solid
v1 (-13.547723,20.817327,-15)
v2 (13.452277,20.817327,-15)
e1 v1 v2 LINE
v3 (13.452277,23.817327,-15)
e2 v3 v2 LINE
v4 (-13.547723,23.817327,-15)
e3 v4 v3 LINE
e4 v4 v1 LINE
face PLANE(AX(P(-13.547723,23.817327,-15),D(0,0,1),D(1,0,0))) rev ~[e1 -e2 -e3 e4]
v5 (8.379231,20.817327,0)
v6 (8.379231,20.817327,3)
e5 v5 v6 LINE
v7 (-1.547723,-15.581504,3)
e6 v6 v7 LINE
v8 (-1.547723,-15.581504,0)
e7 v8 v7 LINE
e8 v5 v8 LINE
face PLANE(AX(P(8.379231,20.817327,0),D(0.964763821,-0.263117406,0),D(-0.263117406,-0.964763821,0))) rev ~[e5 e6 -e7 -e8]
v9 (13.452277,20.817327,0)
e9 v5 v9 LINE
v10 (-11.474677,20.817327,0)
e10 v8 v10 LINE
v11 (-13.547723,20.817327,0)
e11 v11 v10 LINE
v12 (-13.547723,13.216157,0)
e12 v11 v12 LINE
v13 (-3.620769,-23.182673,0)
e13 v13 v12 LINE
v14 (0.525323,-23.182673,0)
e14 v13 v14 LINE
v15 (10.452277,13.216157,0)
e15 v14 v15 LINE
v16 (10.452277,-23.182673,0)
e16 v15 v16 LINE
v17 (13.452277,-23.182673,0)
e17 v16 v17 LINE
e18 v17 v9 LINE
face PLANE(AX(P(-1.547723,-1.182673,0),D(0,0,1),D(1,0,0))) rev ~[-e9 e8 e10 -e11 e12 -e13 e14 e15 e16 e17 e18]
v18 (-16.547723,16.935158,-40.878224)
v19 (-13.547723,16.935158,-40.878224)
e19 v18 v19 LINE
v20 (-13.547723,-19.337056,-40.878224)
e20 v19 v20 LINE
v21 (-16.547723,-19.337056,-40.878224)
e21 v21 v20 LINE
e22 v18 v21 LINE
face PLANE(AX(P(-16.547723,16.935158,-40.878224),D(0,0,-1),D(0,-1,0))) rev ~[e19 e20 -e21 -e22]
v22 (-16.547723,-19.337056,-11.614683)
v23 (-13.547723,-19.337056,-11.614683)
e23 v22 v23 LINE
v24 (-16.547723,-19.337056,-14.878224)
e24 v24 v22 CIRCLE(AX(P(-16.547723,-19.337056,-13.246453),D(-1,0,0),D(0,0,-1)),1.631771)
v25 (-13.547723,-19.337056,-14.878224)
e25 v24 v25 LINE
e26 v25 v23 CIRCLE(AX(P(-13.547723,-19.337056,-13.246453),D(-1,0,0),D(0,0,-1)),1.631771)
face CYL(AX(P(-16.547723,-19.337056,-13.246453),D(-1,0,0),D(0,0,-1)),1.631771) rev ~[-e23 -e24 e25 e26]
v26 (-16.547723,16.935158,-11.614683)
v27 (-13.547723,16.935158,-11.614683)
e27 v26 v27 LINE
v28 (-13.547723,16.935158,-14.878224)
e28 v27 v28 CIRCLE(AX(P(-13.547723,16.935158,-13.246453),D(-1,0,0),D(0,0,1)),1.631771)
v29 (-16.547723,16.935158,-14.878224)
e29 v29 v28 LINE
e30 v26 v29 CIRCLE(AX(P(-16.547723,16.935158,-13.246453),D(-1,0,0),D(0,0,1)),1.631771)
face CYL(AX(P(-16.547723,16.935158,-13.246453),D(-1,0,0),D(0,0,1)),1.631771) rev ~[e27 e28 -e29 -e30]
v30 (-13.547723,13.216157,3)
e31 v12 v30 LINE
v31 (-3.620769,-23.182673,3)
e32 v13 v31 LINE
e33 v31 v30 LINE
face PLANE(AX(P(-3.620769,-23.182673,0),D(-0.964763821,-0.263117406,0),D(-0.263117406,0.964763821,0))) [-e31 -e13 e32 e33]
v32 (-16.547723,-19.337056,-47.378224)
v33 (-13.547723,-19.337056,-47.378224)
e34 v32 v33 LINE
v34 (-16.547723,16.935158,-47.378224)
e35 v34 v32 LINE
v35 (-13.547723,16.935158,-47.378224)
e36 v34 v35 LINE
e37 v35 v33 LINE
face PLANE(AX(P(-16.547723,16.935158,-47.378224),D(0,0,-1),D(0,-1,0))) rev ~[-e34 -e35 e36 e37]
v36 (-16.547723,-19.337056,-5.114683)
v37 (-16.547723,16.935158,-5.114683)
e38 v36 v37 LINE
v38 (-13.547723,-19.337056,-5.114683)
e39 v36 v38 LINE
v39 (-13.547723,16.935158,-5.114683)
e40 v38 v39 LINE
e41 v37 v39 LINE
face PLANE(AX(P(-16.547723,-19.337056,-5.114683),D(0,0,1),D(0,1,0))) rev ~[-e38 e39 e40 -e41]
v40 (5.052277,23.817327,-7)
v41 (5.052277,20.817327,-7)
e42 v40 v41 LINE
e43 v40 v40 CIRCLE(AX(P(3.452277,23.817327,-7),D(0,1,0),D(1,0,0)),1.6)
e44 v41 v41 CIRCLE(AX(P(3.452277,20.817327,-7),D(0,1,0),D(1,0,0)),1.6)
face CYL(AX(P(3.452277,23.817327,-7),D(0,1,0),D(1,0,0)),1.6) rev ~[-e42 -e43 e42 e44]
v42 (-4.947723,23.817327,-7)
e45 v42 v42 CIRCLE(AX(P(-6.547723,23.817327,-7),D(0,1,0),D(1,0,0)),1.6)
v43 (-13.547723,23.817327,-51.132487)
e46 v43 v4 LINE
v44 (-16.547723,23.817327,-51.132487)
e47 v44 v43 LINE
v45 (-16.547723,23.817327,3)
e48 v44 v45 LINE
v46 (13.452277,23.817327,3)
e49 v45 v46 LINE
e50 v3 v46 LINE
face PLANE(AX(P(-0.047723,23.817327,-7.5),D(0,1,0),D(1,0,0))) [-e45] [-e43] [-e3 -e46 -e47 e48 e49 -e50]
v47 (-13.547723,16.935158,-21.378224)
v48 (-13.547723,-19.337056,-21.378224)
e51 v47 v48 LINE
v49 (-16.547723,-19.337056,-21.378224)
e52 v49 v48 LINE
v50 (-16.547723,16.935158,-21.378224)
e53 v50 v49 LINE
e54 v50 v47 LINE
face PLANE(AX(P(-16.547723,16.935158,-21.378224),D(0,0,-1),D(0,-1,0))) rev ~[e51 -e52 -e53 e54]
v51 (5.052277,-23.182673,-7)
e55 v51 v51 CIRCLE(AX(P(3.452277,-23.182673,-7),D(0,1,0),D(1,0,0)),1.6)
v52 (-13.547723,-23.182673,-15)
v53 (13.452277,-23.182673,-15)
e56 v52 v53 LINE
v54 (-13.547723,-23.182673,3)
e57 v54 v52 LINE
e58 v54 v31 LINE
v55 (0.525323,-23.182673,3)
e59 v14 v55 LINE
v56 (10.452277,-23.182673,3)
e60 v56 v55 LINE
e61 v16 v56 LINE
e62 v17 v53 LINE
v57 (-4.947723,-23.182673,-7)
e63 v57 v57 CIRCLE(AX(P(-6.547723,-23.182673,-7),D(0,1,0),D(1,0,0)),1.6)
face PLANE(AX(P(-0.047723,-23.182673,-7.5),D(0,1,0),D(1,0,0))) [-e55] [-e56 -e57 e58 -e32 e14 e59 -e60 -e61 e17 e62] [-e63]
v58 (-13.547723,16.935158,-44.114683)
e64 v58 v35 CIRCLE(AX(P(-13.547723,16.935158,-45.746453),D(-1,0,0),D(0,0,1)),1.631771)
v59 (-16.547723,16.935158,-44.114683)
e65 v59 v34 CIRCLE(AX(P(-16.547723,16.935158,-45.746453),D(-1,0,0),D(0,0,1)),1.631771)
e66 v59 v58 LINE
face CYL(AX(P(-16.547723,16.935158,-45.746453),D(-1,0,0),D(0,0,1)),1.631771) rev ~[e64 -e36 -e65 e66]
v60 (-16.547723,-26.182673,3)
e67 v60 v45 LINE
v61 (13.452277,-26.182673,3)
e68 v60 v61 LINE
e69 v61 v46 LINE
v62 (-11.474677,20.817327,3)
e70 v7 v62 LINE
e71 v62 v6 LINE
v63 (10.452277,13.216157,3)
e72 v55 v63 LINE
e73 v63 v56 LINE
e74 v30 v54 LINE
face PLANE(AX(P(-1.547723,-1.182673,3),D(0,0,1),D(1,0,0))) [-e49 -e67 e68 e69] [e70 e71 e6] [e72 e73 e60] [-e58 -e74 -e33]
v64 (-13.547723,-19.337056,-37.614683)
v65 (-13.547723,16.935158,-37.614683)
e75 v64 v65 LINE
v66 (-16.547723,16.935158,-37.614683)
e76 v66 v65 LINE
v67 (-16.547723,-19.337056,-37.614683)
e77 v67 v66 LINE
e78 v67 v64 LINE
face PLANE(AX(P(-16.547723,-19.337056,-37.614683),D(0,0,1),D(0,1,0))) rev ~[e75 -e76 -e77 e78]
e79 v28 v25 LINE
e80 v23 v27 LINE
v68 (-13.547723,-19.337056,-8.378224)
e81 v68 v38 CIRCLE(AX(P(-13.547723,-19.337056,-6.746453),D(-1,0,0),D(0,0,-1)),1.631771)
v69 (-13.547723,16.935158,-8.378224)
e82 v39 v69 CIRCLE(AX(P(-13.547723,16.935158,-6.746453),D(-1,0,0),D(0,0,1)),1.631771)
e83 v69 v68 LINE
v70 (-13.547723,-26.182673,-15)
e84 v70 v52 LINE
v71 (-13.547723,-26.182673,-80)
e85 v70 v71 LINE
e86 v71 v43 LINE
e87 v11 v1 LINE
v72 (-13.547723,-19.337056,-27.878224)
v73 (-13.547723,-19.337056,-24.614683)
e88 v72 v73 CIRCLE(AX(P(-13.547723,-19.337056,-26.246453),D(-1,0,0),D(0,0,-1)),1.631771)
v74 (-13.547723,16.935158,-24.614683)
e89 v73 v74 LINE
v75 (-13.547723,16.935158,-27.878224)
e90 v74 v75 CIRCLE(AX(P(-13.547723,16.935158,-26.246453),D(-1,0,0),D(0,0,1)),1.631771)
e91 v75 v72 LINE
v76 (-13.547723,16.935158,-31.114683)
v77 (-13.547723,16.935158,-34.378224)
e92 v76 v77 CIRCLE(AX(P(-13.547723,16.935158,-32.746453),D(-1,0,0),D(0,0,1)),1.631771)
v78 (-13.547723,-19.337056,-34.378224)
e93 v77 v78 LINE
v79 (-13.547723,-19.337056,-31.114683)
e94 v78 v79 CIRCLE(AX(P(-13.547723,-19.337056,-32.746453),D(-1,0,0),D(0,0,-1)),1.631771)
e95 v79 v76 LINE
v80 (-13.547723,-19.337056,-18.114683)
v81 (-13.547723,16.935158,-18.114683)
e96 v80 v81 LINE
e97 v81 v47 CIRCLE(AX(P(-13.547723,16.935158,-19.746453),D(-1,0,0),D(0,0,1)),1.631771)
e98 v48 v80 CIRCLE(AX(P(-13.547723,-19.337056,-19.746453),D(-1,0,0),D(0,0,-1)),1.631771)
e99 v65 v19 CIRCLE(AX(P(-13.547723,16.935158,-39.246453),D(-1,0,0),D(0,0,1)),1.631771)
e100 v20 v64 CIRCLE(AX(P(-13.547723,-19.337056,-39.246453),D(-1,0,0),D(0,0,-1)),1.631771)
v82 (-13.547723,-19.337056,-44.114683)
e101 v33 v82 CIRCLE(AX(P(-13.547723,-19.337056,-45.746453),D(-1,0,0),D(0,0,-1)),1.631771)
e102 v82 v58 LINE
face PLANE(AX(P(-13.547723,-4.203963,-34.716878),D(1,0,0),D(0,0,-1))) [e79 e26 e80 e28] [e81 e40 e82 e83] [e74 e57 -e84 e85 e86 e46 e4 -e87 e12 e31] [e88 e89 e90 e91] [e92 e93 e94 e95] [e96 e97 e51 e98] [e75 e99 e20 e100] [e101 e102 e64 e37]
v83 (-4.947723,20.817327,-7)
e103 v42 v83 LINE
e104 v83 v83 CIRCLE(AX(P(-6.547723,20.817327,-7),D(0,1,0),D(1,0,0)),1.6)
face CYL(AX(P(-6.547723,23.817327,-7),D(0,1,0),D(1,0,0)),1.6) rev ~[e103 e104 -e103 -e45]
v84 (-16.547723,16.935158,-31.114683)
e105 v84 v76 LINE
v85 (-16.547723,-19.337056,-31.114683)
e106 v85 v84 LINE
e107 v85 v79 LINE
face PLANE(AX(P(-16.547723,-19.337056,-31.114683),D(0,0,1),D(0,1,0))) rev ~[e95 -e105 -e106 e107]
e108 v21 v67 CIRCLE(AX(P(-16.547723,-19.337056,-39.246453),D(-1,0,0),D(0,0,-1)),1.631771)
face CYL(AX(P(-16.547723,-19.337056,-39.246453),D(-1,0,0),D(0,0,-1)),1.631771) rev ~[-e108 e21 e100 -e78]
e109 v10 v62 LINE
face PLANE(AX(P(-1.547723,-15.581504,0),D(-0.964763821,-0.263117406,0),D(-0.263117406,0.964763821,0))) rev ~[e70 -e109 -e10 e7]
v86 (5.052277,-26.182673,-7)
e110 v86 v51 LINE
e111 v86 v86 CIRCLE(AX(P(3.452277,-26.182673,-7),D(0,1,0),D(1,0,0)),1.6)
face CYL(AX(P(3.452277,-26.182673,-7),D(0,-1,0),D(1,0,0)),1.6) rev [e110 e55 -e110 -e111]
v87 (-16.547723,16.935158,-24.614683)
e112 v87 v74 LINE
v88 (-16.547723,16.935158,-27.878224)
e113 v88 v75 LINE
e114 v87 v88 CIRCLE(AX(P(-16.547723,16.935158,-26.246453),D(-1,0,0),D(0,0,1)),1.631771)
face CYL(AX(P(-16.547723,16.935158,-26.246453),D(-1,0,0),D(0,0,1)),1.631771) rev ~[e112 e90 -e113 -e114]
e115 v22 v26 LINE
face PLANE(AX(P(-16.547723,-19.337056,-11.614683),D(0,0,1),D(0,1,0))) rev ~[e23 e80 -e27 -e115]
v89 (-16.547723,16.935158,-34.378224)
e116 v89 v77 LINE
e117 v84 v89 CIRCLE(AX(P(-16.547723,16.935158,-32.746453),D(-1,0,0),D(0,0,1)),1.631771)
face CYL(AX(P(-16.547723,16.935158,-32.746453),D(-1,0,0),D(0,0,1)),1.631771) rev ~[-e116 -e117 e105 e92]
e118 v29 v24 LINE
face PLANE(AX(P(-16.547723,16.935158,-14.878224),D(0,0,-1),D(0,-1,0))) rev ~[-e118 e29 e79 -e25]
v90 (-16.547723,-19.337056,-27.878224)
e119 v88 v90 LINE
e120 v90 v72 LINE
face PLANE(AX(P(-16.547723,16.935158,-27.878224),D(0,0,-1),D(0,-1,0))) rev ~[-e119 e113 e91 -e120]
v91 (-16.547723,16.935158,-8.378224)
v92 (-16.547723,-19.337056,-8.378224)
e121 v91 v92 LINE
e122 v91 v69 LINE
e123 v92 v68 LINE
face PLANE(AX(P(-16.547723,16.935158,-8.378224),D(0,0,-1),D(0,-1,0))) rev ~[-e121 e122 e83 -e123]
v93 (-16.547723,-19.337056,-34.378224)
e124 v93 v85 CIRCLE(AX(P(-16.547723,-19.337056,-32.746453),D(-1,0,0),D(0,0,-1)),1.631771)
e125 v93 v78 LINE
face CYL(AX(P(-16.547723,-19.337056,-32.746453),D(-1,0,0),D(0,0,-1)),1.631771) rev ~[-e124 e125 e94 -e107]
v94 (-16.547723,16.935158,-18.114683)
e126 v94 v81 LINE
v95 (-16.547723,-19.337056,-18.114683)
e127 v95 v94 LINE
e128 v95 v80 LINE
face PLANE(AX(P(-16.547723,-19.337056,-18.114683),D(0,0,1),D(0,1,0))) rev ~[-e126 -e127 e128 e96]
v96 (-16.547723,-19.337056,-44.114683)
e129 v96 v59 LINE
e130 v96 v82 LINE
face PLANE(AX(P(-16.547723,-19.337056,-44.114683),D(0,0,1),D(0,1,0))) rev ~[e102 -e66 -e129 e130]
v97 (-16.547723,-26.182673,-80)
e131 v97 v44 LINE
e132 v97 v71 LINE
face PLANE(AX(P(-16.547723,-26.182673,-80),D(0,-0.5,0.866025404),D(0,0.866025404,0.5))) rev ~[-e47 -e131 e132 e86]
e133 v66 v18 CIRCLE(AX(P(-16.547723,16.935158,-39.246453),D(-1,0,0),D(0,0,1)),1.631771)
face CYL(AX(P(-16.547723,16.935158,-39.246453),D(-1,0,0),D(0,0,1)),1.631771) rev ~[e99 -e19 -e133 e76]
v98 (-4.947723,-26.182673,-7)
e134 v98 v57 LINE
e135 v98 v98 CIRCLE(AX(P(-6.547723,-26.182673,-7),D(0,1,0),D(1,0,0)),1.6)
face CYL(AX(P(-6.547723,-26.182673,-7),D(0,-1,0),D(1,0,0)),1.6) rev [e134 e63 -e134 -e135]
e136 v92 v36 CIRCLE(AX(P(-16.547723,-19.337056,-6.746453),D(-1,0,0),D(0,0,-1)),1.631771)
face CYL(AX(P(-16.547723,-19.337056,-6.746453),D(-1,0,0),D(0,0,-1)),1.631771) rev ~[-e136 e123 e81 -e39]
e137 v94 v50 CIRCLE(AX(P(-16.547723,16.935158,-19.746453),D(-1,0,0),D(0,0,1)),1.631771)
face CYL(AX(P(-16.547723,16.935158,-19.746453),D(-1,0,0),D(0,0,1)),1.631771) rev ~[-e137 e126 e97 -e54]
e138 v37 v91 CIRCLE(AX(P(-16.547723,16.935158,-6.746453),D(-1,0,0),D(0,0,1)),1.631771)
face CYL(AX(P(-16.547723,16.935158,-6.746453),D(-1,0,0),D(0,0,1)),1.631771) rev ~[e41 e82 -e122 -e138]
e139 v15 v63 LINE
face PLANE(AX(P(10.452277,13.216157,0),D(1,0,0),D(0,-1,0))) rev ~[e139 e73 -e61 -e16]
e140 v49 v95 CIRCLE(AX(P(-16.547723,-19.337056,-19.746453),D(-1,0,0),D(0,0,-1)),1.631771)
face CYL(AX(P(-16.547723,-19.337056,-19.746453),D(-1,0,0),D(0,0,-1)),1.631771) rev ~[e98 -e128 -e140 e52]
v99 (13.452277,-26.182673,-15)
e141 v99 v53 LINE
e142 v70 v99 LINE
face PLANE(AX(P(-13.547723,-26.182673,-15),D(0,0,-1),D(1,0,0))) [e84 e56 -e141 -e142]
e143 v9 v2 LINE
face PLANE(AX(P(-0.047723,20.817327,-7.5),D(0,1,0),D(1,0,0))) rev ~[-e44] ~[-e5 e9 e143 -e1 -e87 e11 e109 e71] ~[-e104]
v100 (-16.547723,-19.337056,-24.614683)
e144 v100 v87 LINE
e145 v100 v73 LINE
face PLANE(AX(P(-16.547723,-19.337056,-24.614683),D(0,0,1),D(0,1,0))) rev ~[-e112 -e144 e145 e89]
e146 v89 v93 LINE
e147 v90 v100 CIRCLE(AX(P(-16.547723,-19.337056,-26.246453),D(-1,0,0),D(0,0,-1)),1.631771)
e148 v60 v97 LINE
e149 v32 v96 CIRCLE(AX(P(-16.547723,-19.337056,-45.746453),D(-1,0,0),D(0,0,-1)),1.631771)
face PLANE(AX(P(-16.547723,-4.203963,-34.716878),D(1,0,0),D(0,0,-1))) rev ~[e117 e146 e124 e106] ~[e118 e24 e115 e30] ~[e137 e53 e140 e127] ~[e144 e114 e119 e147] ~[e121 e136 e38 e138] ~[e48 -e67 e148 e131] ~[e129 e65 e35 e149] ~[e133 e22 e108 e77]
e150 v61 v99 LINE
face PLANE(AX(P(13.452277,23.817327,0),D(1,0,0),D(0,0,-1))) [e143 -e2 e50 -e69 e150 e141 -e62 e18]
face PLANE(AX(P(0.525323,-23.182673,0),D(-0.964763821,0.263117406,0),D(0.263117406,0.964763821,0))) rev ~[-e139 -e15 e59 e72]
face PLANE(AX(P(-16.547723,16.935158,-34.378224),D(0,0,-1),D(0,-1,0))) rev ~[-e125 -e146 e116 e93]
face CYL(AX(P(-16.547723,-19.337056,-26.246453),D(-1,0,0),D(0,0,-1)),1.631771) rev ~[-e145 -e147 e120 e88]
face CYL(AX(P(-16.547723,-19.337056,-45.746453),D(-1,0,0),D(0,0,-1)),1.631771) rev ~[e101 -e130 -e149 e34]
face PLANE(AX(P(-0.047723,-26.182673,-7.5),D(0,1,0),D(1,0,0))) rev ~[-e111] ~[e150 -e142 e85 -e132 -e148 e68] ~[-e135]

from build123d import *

# Parameters (mm, degrees)
SKETCH_1_W      = 30
SKETCH_1_H      = 50
EXTRUDE_1_DEPTH = 3
EXTRUDE_3_DEPTH = 3
EXTRUDE_START   = -50
SKETCH_3_W      = 27
SKETCH_3_H      = 15
SKETCH_3_R      = 1.6
EXTRUDE_4_DEPTH = 3
SKETCH_5_W      = 27
SKETCH_5_H      = 15
SKETCH_5_R      = 1.6
EXTRUDE_5_DEPTH = 3


with BuildPart() as part:
    # 草图1 → 凸台-拉伸1 (new body)
    with BuildSketch(Plane.XY):
        with Locations((-1.547723223, -1.182673383)):
            Rectangle(SKETCH_1_W, SKETCH_1_H)
        Polygon((-13.547723223, 13.216157116), (-13.547723223, -23.182673383), (-3.620769451, -23.182673383), align=None, mode=Mode.SUBTRACT)
        Polygon((10.452276777, 13.216157116), (10.452276777, -23.182673383), (0.525323004, -23.182673383), align=None, mode=Mode.SUBTRACT)
        Polygon((-11.474676996, 20.817326617), (8.379230549, 20.817326617), (-1.547723223, -15.581503883), align=None, mode=Mode.SUBTRACT)
    extrude(amount=EXTRUDE_1_DEPTH)

    # 草图2 → 凸台-拉伸3 (add)
    with BuildSketch(Plane.ZY.offset(16.547723223)):
        Polygon((-80, -26.182673383), (-51.132486541, 23.817326617), (0, 23.817326617), (0, -26.182673383), align=None)
        Polygon((-3, -23.182673383), (-3, 20.817326617), (-49.400435733, 20.817326617), (-74.803847577, -23.182673383), align=None, mode=Mode.SUBTRACT)
        Polygon((-3, -23.182673383), (-74.803847577, -23.182673383), (-49.400435733, 20.817326617), (-3, 20.817326617), align=None)
        with BuildLine():
            ThreePointArc((-8.378224309, -19.337056165), (-6.74645341, -20.968827063), (-5.114682512, -19.337056165))
            Line((-5.114682512, -19.337056165), (-5.114682512, 16.93515829))
            ThreePointArc((-5.114682512, 16.93515829), (-6.74645341, 18.566929189), (-8.378224309, 16.93515829))
            Line((-8.378224309, 16.93515829), (-8.378224309, -19.337056165))
        make_face(mode=Mode.SUBTRACT)
        with BuildLine():
            ThreePointArc((-14.878224309, -19.337056165), (-13.24645341, -20.968827063), (-11.614682512, -19.337056165))
            Line((-11.614682512, -19.337056165), (-11.614682512, 16.93515829))
            ThreePointArc((-11.614682512, 16.93515829), (-13.24645341, 18.566929189), (-14.878224309, 16.93515829))
            Line((-14.878224309, 16.93515829), (-14.878224309, -19.337056165))
        make_face(mode=Mode.SUBTRACT)
        with BuildLine():
            ThreePointArc((-21.378224309, -19.337056165), (-19.74645341, -20.968827063), (-18.114682512, -19.337056165))
            Line((-18.114682512, -19.337056165), (-18.114682512, 16.93515829))
            ThreePointArc((-18.114682512, 16.93515829), (-19.74645341, 18.566929189), (-21.378224309, 16.93515829))
            Line((-21.378224309, 16.93515829), (-21.378224309, -19.337056165))
        make_face(mode=Mode.SUBTRACT)
        with BuildLine():
            ThreePointArc((-27.878224309, -19.337056165), (-26.24645341, -20.968827063), (-24.614682512, -19.337056165))
            Line((-24.614682512, -19.337056165), (-24.614682512, 16.93515829))
            ThreePointArc((-24.614682512, 16.93515829), (-26.24645341, 18.566929189), (-27.878224309, 16.93515829))
            Line((-27.878224309, 16.93515829), (-27.878224309, -19.337056165))
        make_face(mode=Mode.SUBTRACT)
        with BuildLine():
            ThreePointArc((-34.378224309, -19.337056165), (-32.74645341, -20.968827063), (-31.114682512, -19.337056165))
            Line((-31.114682512, -19.337056165), (-31.114682512, 16.93515829))
            ThreePointArc((-31.114682512, 16.93515829), (-32.74645341, 18.566929189), (-34.378224309, 16.93515829))
            Line((-34.378224309, 16.93515829), (-34.378224309, -19.337056165))
        make_face(mode=Mode.SUBTRACT)
        with BuildLine():
            ThreePointArc((-40.878224309, -19.337056165), (-39.24645341, -20.968827063), (-37.614682512, -19.337056165))
            Line((-37.614682512, -19.337056165), (-37.614682512, 16.93515829))
            ThreePointArc((-37.614682512, 16.93515829), (-39.24645341, 18.566929189), (-40.878224309, 16.93515829))
            Line((-40.878224309, 16.93515829), (-40.878224309, -19.337056165))
        make_face(mode=Mode.SUBTRACT)
        with BuildLine():
            ThreePointArc((-47.378224309, -19.337056165), (-45.74645341, -20.968827063), (-44.114682512, -19.337056165))
            Line((-44.114682512, -19.337056165), (-44.114682512, 16.93515829))
            ThreePointArc((-44.114682512, 16.93515829), (-45.74645341, 18.566929189), (-47.378224309, 16.93515829))
            Line((-47.378224309, 16.93515829), (-47.378224309, -19.337056165))
        make_face(mode=Mode.SUBTRACT)
    extrude(amount=-EXTRUDE_3_DEPTH)

    # 草图3 → 凸台-拉伸4 (add)
    with BuildSketch(Plane(origin=(0, 23.817326617, 0), x_dir=(1, 0, 0), z_dir=(0, 1, 0)).offset(EXTRUDE_START)):
        with Locations((-0.047723223, 7.5)):
            Rectangle(SKETCH_3_W, SKETCH_3_H)
        with Locations((-6.547723223, 7)):
            Circle(SKETCH_3_R, mode=Mode.SUBTRACT)
        with Locations((3.452276777, 7)):
            Circle(SKETCH_3_R, mode=Mode.SUBTRACT)
    extrude(amount=EXTRUDE_4_DEPTH)

    # 草图5 → 凸台-拉伸5 (add)
    with BuildSketch(Plane(origin=(0, 23.817326617, 0), x_dir=(1, 0, 0), z_dir=(0, 1, 0))):
        with Locations((-0.047723223, 7.5)):
            Rectangle(SKETCH_5_W, SKETCH_5_H)
        with Locations((-6.547723223, 7)):
            Circle(SKETCH_5_R, mode=Mode.SUBTRACT)
        with Locations((3.452276777, 7)):
            Circle(SKETCH_5_R, mode=Mode.SUBTRACT)
    extrude(amount=-EXTRUDE_5_DEPTH)


solid = part.part
